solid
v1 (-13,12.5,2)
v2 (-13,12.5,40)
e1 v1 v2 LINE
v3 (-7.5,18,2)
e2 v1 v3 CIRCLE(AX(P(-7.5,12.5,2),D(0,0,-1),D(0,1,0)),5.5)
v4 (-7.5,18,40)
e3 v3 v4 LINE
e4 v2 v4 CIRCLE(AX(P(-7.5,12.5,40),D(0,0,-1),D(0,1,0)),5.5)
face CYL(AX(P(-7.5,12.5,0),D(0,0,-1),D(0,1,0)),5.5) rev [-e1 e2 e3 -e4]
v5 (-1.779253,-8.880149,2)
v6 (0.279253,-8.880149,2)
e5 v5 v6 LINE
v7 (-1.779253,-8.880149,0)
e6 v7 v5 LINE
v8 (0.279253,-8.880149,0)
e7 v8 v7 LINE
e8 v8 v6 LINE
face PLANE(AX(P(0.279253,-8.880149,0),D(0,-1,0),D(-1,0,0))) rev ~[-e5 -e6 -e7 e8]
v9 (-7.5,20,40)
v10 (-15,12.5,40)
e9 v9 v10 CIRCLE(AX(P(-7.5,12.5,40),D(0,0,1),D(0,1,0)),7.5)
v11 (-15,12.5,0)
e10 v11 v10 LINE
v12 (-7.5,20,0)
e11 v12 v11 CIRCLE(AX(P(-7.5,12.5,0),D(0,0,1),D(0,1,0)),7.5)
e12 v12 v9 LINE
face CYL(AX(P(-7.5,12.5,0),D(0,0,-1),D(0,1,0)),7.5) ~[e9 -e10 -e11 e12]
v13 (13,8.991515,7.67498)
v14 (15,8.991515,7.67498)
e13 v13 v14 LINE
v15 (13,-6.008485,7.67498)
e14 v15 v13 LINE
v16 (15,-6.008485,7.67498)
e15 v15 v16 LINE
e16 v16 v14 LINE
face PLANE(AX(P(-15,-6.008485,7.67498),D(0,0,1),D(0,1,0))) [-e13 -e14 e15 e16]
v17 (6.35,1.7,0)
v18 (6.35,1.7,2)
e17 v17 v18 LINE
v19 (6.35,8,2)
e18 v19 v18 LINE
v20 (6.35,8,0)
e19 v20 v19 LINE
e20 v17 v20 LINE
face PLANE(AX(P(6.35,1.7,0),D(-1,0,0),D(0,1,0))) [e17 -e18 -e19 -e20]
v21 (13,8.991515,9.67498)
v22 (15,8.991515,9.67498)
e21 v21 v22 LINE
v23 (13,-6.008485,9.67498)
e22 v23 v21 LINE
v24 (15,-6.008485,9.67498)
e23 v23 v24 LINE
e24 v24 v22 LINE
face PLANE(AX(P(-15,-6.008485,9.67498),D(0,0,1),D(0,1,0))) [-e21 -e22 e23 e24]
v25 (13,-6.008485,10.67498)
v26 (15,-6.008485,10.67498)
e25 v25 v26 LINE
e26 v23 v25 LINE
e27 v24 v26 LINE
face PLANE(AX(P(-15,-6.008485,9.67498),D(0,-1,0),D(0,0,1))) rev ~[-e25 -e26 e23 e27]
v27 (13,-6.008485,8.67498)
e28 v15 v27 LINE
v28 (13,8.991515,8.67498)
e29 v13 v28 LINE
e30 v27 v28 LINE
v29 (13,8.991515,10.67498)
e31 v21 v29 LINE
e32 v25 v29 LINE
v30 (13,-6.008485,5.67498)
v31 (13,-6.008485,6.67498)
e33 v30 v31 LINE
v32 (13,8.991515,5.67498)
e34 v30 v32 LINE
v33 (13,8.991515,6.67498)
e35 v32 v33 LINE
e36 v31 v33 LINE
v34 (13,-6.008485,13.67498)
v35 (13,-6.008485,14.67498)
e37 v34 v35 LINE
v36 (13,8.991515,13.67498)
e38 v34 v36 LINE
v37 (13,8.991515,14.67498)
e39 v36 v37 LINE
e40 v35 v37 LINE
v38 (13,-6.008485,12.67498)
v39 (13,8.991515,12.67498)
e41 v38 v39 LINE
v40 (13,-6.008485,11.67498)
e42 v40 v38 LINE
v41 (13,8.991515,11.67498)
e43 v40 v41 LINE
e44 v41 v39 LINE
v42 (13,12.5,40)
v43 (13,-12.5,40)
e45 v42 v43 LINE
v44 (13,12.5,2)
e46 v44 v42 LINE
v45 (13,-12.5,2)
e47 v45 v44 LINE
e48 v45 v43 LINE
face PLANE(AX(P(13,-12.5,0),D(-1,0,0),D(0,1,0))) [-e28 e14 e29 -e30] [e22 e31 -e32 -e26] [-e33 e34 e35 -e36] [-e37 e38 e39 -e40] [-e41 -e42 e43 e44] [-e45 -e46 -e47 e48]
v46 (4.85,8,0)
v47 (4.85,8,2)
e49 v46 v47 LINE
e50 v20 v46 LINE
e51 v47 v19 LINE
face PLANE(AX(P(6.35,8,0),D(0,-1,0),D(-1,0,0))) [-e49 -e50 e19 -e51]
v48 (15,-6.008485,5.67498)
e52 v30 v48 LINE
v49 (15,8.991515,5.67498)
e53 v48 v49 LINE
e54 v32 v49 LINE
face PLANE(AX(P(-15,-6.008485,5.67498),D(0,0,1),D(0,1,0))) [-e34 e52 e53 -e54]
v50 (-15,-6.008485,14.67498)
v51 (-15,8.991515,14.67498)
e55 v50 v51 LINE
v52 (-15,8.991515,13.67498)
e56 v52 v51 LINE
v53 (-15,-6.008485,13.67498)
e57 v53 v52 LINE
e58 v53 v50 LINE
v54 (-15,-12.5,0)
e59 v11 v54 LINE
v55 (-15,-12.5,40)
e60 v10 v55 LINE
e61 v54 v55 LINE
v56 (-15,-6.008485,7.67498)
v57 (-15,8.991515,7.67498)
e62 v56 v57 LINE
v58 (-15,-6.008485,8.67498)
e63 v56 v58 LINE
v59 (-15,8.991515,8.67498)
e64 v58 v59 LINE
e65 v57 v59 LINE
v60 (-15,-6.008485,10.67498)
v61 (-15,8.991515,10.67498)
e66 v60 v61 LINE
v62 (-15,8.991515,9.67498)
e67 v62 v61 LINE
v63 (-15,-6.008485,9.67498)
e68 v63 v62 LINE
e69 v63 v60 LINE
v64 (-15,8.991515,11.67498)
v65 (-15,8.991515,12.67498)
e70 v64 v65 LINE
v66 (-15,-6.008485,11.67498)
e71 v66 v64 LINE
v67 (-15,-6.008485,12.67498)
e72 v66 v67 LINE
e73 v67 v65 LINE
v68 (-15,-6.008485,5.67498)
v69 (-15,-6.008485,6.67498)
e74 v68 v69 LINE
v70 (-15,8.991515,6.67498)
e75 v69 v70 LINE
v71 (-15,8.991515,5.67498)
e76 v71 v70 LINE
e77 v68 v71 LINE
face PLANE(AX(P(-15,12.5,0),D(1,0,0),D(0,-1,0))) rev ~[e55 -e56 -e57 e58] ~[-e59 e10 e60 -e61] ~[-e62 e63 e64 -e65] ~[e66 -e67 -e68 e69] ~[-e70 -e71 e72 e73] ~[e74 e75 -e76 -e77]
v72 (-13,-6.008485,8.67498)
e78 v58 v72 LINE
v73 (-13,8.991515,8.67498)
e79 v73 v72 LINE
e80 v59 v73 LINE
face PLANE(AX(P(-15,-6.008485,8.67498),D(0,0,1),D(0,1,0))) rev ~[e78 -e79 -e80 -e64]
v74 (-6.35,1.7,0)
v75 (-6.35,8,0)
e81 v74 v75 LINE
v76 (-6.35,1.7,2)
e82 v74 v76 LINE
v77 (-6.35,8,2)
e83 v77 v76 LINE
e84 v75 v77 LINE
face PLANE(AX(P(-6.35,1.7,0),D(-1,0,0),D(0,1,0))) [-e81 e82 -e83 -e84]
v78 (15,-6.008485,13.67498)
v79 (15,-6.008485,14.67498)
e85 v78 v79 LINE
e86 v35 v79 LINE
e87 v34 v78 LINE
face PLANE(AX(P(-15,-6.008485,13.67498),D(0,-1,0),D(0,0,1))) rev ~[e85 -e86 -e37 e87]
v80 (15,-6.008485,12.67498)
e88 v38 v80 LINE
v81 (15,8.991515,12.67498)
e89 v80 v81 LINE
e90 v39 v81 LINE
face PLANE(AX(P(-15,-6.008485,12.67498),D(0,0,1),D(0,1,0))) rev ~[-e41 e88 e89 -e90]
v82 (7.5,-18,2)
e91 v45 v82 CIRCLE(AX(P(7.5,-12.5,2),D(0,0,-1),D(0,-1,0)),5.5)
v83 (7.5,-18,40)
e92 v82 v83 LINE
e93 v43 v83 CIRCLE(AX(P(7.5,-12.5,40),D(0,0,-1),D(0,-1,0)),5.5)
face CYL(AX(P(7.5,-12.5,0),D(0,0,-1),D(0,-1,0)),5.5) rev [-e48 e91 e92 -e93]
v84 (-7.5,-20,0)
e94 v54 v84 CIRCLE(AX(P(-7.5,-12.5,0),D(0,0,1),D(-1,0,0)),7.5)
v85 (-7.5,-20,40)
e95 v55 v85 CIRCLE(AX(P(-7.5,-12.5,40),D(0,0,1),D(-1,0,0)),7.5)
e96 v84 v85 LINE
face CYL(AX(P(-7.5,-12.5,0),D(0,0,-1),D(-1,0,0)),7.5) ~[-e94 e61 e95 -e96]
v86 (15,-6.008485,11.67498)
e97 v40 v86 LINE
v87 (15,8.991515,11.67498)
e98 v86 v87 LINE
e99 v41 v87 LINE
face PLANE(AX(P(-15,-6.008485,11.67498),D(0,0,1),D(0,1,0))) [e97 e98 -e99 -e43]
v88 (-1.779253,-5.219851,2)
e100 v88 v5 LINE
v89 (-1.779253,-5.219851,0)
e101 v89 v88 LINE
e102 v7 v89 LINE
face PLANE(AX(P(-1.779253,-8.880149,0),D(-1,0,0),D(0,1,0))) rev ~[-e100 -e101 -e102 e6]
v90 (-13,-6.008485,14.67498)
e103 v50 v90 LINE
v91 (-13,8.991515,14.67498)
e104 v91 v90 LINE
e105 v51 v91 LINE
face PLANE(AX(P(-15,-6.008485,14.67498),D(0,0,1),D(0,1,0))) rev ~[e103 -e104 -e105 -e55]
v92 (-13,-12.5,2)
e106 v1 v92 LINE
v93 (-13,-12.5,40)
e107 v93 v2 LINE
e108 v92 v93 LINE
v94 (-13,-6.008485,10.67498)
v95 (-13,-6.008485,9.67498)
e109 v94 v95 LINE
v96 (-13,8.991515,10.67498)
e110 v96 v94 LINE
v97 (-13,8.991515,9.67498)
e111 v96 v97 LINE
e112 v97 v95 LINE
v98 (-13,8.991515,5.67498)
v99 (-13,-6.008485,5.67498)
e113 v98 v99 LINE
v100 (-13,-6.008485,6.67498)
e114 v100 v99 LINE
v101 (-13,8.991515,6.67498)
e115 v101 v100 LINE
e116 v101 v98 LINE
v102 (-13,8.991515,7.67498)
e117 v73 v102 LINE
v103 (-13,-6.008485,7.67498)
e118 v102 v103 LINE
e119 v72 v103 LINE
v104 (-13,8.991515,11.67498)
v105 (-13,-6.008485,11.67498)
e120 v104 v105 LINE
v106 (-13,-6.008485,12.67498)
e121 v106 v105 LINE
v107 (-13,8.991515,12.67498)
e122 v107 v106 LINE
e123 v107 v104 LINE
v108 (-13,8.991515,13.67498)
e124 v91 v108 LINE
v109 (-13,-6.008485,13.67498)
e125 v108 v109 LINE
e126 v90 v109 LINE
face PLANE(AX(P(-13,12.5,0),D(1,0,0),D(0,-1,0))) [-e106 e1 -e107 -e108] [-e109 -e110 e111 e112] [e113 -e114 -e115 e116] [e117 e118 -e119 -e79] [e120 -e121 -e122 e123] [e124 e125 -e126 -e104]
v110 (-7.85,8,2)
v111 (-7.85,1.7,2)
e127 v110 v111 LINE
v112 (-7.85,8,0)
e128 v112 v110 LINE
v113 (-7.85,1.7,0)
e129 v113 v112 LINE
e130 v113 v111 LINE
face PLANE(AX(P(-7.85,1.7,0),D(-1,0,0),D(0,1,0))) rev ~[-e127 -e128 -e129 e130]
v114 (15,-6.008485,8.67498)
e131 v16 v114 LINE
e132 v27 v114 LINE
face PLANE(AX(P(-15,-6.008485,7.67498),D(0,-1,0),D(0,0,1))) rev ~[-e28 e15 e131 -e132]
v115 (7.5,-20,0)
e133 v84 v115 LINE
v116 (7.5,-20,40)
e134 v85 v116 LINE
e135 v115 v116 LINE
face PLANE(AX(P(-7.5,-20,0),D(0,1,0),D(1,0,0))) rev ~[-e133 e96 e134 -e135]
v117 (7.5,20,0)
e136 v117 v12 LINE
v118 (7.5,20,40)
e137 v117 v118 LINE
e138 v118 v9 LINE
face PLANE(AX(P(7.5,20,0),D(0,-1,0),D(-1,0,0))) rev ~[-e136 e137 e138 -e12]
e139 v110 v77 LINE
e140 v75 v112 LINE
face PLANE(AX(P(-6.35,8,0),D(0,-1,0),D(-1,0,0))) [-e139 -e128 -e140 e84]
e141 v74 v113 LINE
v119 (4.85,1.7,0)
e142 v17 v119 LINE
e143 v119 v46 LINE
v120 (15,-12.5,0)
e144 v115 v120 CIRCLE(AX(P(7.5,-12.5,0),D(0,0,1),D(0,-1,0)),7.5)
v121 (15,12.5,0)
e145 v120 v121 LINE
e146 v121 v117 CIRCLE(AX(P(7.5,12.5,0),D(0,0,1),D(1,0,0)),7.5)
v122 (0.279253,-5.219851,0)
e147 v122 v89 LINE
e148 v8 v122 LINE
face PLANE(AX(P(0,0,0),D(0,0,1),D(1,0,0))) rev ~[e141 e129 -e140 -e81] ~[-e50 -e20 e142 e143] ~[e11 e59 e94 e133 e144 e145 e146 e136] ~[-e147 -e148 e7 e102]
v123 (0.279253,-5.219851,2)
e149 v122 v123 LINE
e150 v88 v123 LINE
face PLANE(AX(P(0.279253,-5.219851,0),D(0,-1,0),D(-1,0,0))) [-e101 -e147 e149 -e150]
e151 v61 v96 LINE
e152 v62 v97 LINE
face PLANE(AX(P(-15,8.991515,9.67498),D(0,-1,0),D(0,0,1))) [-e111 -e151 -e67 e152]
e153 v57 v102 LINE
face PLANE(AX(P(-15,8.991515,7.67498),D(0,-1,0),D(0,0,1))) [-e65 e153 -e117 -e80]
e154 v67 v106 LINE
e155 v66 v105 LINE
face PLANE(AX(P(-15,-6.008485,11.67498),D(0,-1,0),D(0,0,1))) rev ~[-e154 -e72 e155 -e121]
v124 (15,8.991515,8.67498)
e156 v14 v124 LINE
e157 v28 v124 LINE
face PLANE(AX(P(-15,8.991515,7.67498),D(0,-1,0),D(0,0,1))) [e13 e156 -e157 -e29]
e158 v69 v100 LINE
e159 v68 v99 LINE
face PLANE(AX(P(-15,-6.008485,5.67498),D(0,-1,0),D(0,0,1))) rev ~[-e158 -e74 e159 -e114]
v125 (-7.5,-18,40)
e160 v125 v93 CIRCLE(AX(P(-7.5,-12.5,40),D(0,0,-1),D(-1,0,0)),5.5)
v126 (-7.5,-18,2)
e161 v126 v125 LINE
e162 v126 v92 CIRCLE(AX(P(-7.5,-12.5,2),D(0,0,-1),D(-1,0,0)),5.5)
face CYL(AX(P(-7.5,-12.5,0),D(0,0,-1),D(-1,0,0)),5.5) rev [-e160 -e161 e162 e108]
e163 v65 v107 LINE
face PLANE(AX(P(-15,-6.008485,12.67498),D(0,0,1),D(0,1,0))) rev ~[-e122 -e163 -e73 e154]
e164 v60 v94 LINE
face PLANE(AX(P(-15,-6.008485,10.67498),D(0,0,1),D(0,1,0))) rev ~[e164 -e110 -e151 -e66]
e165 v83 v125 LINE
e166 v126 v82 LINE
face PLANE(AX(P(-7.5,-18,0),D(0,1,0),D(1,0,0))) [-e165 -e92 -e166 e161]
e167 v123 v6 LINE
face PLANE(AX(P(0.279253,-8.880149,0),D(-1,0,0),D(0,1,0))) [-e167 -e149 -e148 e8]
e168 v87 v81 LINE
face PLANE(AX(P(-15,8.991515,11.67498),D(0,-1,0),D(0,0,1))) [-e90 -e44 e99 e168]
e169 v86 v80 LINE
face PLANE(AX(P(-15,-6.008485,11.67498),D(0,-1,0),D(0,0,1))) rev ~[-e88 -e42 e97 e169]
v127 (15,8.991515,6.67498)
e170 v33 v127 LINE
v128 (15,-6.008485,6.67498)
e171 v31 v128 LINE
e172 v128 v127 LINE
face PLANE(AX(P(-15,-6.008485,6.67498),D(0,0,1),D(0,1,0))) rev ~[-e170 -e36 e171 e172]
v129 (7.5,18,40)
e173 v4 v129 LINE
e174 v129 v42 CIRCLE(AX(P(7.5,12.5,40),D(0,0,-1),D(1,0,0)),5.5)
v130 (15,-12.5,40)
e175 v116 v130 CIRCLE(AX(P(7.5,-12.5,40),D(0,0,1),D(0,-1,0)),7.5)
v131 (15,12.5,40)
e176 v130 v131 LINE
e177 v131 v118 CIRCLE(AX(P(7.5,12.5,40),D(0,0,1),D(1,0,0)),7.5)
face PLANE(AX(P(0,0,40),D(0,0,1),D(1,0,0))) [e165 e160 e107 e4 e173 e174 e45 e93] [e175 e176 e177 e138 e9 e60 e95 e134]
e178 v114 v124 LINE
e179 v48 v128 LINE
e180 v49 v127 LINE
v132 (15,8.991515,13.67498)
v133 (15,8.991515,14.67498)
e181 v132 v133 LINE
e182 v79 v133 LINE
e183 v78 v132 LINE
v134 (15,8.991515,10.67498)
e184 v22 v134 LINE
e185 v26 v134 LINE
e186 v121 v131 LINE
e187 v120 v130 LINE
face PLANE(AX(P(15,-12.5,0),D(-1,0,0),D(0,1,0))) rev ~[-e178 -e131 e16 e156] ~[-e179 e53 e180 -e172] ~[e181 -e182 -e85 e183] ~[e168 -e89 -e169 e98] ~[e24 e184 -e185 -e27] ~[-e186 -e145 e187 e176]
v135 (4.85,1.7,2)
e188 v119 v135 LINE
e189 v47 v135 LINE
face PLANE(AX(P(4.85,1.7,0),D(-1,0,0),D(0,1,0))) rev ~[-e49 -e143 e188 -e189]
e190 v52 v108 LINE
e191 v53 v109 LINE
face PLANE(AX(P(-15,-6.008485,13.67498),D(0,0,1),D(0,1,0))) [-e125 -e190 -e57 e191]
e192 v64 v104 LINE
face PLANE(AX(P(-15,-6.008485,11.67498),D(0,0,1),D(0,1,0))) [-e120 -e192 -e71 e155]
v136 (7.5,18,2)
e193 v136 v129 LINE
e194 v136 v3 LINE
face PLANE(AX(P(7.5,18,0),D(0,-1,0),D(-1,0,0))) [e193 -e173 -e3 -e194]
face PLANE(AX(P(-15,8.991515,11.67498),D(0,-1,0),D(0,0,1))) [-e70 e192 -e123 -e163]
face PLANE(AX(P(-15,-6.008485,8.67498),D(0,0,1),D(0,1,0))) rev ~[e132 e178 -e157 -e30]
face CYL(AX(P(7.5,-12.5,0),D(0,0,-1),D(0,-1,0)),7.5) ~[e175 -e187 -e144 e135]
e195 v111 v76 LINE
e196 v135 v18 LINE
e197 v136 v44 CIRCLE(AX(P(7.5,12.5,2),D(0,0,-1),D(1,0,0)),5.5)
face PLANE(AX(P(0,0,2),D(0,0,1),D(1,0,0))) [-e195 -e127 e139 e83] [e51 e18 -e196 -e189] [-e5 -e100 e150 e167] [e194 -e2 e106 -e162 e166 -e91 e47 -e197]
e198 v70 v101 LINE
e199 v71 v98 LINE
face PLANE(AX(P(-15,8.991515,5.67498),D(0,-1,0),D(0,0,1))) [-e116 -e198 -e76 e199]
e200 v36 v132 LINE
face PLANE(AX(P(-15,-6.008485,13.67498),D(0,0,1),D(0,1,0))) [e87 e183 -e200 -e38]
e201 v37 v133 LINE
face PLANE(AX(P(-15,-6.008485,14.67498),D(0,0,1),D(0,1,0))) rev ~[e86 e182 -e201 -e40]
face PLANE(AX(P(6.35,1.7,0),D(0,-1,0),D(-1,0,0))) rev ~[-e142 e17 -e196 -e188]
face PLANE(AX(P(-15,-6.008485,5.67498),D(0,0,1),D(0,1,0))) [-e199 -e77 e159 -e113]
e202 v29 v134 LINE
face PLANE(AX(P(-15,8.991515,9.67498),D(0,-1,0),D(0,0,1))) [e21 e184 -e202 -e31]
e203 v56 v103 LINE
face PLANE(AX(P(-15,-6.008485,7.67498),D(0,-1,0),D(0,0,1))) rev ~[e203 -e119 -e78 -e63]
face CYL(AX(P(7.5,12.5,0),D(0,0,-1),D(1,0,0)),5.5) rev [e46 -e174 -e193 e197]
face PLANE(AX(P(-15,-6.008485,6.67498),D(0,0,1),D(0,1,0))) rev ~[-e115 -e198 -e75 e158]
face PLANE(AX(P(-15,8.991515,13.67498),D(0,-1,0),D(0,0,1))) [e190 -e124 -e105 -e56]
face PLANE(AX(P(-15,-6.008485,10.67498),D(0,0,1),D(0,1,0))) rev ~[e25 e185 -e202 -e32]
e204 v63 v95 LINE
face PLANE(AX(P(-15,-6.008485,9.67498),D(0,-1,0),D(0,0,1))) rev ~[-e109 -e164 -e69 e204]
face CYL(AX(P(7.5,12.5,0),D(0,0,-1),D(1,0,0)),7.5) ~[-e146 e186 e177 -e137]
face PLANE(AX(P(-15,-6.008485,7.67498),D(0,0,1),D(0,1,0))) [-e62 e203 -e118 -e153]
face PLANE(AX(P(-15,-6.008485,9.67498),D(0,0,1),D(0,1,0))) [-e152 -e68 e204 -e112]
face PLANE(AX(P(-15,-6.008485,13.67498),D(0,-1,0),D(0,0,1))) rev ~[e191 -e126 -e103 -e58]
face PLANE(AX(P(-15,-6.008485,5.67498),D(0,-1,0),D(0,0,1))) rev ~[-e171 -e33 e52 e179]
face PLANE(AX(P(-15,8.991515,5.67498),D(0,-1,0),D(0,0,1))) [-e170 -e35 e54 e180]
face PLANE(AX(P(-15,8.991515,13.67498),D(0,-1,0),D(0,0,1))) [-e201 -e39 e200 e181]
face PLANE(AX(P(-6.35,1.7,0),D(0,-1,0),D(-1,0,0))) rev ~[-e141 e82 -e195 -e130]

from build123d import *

# Parameters (mm, degrees)
BOSS_EXTRUDE1_DEPTH     = 40
SHELL1_T                = -2
SKETCH2_W               = 1.5
SKETCH2_H               = 6.3
SKETCH2_W_2             = 2.058506146
SKETCH2_H_2             = 3.660298136
CUT_EXTRUDE1_DEPTH      = 25
SKETCH3_W               = 1
SKETCH3_H               = 15
CUT_EXTRUDE2_DEPTH      = 1
CUT_EXTRUDE2_DEPTH_BACK = 31


with BuildPart() as part:
    # Sketch1 → Boss-Extrude1 (new body)
    with BuildSketch(Plane.XY):
        with BuildLine():
            Line((-7.5, -20), (7.5, -20))
            ThreePointArc((7.5, -20), (12.803300859, -17.803300859), (15, -12.5))
            Line((15, -12.5), (15, 12.5))
            ThreePointArc((15, 12.5), (12.803300859, 17.803300859), (7.5, 20))
            Line((7.5, 20), (-7.5, 20))
            ThreePointArc((-7.5, 20), (-12.803300859, 17.803300859), (-15, 12.5))
            Line((-15, 12.5), (-15, -12.5))
            ThreePointArc((-15, -12.5), (-12.803300859, -17.803300859), (-7.5, -20))
        make_face()
    extrude(amount=BOSS_EXTRUDE1_DEPTH)

    # Shell1
    shell1_openings = [part.faces().sort_by_distance(p)[0] for p in [
        (0, 0, 40),
    ]]
    offset(amount=SHELL1_T, openings=shell1_openings, kind=Kind.INTERSECTION)

    # Sketch2 → Cut-Extrude1 (cut)
    with BuildSketch(Plane(origin=(0, 0, 0), x_dir=(-1, 0, 0), z_dir=(0, 0, -1))):
        with Locations((-5.6, 4.85)):
            Rectangle(SKETCH2_W, SKETCH2_H)
        with Locations((7.1, 4.85)):
            Rectangle(SKETCH2_W, SKETCH2_H)
        with Locations((0.75, -7.05)):
            Rectangle(SKETCH2_W_2, SKETCH2_H_2)
    extrude(amount=-CUT_EXTRUDE1_DEPTH, mode=Mode.SUBTRACT)

    # Sketch3 → Cut-Extrude2 (cut, two sides)
    with BuildSketch(Plane.ZY.offset(15)) as cut_extrude2_sk:
        with Locations((8.174979933, 1.491514735)):
            Rectangle(SKETCH3_W, SKETCH3_H)
        with Locations((6.174979933, 1.491514735)):
            Rectangle(SKETCH3_W, SKETCH3_H)
        with Locations((10.174979933, 1.491514735)):
            Rectangle(SKETCH3_W, SKETCH3_H)
        with Locations((12.174979933, 1.491514735)):
            Rectangle(SKETCH3_W, SKETCH3_H)
        with Locations((14.174979933, 1.491514735)):
            Rectangle(SKETCH3_W, SKETCH3_H)
    extrude(amount=CUT_EXTRUDE2_DEPTH, mode=Mode.SUBTRACT)
    extrude(cut_extrude2_sk.sketch, amount=-CUT_EXTRUDE2_DEPTH_BACK, mode=Mode.SUBTRACT)


solid = part.part
